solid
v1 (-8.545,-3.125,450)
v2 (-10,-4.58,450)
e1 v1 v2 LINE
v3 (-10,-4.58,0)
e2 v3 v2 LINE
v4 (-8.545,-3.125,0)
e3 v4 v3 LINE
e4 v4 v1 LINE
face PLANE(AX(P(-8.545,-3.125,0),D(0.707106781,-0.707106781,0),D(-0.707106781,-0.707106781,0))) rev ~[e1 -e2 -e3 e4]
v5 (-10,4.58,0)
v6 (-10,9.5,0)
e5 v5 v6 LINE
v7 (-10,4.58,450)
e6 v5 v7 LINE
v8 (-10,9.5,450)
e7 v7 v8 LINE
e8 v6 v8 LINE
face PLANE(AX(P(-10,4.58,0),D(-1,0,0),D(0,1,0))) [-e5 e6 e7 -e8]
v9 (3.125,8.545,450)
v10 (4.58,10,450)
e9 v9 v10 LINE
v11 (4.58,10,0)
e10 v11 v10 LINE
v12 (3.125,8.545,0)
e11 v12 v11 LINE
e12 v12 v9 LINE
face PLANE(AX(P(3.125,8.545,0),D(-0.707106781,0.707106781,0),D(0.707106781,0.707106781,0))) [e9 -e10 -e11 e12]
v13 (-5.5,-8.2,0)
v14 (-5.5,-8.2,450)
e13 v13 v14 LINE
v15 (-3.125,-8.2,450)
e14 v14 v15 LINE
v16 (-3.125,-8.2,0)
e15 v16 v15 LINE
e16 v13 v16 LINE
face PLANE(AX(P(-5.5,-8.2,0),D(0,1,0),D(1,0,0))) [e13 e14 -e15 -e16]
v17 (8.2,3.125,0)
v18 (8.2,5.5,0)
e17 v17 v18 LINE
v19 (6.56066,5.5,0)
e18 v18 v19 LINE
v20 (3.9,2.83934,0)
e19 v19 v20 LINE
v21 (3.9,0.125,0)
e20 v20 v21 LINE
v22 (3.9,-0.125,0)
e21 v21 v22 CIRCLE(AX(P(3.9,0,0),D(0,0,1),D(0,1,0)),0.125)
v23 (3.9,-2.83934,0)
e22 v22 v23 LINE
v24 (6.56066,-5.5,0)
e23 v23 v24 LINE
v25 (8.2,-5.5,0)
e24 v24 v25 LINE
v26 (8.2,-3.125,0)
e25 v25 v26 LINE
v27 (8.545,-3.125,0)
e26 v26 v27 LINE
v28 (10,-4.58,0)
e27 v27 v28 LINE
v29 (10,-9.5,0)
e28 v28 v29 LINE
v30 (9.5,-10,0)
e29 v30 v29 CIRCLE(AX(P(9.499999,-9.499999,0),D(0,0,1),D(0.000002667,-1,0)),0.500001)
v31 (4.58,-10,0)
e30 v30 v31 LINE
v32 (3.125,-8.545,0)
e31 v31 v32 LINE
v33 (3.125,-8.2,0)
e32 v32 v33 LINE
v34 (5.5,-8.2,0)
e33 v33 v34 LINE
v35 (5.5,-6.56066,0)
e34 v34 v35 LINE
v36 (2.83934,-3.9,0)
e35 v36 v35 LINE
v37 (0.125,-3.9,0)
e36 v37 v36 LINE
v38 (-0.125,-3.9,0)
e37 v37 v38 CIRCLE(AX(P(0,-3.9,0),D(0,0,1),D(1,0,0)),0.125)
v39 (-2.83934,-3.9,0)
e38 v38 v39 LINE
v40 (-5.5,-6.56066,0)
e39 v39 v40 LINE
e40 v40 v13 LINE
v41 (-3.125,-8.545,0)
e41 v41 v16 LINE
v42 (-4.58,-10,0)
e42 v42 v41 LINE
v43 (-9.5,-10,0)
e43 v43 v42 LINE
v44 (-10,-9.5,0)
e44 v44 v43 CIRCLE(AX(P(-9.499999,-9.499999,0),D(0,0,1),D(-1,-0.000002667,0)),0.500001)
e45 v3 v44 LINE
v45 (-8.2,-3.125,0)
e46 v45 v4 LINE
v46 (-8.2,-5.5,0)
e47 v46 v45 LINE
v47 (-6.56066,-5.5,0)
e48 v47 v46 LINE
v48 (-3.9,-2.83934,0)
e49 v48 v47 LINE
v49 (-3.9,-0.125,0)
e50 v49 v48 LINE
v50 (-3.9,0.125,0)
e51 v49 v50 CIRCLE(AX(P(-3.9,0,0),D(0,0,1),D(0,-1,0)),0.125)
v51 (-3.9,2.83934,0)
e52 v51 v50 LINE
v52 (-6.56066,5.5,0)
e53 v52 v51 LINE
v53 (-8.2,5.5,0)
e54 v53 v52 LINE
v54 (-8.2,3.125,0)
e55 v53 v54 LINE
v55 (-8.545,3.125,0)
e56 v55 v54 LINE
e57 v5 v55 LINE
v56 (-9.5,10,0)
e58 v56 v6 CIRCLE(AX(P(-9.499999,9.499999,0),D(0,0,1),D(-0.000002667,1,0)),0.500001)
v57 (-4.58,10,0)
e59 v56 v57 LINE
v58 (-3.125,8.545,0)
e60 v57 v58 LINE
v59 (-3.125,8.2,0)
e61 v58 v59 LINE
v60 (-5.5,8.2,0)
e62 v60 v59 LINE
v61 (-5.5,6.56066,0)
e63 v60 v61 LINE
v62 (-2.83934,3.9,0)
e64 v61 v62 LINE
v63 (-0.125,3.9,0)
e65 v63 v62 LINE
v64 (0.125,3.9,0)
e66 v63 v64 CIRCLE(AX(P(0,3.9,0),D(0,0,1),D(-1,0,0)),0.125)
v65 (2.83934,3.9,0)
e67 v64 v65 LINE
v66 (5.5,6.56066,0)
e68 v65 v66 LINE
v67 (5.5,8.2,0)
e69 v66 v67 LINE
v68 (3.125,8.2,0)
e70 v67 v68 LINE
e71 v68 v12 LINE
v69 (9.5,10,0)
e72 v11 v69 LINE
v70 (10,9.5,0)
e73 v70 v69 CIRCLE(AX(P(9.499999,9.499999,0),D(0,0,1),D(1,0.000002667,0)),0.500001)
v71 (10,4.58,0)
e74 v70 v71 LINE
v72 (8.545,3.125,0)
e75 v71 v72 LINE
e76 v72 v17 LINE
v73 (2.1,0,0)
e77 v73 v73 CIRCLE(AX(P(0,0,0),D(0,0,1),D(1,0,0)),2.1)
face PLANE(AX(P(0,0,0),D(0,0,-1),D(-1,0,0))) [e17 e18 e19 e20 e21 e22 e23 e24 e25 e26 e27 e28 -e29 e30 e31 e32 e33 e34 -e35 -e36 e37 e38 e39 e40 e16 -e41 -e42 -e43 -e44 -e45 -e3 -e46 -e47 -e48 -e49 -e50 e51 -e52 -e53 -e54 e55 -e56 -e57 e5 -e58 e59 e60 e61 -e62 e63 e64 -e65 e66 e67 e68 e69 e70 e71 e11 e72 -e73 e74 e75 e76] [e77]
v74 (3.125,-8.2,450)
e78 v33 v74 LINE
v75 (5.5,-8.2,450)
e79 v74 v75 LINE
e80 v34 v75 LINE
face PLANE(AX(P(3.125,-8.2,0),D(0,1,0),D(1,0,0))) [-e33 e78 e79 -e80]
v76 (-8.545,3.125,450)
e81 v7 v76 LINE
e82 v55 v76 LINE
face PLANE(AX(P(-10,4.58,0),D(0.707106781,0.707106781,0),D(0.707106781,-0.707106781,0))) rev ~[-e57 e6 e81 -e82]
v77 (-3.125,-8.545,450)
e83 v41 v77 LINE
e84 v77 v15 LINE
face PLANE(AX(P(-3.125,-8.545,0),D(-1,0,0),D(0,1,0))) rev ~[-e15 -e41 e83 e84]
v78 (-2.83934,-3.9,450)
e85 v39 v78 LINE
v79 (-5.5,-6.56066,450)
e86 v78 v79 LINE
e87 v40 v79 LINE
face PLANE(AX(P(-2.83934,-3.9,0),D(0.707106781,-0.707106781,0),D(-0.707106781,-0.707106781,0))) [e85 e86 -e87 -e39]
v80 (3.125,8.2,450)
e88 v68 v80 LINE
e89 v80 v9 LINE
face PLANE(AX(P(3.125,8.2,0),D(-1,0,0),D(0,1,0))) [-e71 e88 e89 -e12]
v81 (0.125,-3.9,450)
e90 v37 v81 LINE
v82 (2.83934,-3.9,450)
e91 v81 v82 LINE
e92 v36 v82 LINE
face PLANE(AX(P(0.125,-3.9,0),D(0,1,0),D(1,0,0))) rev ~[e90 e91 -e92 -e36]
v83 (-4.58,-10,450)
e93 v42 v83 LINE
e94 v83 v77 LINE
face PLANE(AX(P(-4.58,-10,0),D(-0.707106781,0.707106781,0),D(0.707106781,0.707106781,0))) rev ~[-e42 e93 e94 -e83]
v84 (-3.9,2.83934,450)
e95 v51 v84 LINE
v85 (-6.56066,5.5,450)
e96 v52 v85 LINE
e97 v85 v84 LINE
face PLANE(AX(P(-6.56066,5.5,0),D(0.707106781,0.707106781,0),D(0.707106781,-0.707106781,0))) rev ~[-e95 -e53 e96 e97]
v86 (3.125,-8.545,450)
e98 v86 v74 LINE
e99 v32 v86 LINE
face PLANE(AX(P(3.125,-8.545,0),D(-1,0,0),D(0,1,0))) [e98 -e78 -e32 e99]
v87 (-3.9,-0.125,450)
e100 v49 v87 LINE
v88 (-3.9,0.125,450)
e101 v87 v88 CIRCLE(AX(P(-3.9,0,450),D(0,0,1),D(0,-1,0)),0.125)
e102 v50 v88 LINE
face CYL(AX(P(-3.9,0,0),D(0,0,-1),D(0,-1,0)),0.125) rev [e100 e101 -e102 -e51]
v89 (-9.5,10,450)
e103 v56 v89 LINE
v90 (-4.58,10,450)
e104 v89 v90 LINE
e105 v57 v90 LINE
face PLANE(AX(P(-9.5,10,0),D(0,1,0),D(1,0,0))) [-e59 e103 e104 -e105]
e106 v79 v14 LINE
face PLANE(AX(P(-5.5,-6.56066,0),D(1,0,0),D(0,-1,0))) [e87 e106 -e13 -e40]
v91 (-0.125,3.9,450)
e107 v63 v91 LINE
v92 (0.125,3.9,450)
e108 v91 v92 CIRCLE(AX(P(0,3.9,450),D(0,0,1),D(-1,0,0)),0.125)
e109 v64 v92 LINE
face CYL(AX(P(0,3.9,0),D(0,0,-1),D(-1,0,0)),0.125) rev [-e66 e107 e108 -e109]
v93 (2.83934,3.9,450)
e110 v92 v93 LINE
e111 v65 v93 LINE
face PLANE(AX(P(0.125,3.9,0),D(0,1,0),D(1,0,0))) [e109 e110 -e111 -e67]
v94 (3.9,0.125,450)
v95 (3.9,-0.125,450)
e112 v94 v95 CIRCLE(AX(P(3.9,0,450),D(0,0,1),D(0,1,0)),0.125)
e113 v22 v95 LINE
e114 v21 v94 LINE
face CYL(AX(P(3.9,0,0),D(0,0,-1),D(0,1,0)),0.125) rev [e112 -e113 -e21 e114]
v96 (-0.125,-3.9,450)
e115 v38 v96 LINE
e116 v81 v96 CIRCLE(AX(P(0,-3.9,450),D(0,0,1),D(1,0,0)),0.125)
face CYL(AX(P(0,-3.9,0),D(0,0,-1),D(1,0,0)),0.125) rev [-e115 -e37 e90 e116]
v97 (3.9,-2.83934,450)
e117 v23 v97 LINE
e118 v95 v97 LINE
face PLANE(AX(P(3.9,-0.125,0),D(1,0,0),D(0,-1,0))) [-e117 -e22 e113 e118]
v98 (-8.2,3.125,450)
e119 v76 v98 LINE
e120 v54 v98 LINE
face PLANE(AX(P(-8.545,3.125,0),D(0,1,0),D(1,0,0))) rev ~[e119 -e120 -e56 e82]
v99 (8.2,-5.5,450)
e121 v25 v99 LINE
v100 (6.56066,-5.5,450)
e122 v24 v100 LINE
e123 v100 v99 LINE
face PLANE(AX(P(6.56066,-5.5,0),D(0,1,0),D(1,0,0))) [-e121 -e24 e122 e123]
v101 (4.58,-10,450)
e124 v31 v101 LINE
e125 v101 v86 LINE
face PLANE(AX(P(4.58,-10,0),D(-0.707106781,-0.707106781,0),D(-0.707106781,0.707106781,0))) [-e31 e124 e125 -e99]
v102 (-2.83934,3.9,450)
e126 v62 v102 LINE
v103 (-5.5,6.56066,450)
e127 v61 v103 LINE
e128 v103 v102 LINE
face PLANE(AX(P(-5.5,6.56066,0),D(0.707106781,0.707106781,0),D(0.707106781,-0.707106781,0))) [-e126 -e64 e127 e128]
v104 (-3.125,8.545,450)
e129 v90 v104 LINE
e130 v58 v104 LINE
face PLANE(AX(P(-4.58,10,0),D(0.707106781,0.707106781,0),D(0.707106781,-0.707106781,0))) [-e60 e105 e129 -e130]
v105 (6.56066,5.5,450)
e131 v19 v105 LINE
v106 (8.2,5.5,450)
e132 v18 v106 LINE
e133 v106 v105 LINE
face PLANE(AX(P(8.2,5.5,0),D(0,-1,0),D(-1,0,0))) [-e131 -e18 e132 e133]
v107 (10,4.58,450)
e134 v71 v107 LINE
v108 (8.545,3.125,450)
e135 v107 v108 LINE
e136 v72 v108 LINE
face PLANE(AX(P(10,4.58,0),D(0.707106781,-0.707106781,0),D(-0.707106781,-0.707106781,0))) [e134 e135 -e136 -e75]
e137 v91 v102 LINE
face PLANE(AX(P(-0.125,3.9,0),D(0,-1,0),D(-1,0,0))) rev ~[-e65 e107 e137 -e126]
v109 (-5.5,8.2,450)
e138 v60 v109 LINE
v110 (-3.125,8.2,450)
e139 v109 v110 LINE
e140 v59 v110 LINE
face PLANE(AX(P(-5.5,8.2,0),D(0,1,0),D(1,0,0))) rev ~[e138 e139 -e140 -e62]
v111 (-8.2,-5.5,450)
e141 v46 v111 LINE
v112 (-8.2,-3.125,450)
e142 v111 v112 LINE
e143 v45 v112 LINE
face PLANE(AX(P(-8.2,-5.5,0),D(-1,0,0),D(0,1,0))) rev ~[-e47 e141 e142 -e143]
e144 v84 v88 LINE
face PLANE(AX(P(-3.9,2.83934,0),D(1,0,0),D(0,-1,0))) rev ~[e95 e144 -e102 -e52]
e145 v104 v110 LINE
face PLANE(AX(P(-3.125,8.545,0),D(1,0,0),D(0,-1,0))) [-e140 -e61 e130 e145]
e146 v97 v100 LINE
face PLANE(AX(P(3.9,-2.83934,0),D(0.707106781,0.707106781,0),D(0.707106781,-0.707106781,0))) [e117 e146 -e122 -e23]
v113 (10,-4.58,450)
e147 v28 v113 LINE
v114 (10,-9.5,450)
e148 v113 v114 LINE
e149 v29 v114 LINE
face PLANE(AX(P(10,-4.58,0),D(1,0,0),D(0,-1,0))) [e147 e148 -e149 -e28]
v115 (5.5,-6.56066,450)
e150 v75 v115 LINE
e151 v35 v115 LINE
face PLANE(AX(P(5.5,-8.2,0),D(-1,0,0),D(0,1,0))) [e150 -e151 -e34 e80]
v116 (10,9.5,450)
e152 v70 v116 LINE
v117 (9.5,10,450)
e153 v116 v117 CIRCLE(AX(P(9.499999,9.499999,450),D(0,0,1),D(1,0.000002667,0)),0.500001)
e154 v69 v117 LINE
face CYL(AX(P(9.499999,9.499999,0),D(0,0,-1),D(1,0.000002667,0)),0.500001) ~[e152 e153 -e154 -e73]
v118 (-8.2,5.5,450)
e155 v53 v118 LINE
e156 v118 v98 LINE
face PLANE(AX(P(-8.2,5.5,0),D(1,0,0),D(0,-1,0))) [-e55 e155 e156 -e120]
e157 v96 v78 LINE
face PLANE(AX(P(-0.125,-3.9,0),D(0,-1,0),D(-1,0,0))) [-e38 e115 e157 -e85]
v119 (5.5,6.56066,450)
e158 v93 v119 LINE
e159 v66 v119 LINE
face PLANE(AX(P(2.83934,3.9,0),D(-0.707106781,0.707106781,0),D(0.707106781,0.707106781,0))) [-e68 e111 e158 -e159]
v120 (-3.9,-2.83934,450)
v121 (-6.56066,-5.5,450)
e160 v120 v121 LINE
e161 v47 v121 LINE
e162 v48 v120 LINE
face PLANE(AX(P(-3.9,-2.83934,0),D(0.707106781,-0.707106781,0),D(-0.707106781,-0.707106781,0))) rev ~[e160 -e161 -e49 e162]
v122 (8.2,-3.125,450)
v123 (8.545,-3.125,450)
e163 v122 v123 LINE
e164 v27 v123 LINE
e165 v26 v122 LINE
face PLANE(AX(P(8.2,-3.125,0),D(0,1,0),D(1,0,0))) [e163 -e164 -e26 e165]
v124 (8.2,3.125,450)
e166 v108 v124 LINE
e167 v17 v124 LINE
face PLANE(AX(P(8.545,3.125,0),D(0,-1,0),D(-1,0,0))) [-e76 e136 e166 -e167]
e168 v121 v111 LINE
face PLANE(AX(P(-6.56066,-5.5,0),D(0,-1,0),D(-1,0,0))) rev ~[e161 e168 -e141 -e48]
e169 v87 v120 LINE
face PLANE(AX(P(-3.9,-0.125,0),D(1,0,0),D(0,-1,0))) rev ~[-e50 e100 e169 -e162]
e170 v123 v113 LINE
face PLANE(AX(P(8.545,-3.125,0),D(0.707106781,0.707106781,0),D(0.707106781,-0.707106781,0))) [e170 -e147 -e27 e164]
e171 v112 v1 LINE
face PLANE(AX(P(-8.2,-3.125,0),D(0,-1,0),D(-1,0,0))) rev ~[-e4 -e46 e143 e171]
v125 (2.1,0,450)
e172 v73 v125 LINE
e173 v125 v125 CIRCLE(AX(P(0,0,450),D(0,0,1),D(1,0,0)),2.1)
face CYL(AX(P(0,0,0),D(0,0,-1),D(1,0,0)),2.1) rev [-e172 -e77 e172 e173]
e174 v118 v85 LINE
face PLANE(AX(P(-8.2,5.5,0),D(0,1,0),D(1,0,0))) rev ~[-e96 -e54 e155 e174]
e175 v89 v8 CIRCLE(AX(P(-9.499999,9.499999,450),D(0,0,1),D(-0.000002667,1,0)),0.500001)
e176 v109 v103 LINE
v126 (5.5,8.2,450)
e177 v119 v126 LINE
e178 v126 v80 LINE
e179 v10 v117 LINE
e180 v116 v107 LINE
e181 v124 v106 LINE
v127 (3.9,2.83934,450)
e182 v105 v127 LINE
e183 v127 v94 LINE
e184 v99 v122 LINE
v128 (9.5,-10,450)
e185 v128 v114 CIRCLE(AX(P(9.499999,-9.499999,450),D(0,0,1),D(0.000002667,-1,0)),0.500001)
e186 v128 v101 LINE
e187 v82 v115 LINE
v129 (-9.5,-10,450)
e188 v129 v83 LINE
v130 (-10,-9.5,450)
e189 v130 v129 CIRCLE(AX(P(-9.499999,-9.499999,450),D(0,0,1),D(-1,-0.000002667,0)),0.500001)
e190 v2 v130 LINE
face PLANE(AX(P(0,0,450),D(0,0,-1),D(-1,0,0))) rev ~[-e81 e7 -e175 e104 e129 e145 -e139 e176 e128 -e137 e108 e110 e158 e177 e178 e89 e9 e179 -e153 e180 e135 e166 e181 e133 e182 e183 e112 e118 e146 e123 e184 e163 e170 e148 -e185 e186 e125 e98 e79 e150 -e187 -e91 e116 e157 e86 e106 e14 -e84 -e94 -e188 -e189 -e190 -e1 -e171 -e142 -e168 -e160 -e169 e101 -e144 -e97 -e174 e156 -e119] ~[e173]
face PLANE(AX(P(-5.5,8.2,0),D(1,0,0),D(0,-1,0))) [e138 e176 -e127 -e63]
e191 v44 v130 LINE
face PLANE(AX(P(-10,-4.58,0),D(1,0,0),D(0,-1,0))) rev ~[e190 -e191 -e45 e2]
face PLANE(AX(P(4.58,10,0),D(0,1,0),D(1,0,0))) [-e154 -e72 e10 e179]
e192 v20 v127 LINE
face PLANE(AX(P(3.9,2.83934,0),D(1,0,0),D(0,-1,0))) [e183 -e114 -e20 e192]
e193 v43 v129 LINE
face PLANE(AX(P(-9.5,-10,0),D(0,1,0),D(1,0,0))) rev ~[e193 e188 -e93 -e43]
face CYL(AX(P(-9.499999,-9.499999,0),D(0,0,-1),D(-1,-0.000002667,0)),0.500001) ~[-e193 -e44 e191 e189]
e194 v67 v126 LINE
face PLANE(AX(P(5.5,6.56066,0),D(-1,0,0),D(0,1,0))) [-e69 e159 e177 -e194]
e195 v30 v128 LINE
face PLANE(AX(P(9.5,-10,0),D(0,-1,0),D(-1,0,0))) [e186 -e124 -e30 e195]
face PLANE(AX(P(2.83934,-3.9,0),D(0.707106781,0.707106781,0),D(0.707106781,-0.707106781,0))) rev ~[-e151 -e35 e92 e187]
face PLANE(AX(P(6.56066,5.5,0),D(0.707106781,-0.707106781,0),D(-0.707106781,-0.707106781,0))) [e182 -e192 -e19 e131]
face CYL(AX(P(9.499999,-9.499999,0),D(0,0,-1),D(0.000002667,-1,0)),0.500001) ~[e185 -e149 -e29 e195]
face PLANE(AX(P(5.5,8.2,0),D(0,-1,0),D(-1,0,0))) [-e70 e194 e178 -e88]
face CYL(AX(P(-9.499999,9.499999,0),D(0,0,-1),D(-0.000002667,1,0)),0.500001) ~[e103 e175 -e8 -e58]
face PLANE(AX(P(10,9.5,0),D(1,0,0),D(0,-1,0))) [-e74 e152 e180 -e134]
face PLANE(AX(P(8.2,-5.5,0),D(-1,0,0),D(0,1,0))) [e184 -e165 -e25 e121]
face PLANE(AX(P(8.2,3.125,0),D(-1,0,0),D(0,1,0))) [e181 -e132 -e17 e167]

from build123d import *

# Parameters (mm, degrees)
SKETCH_R  = 2.1
PAD_DEPTH = 450


with BuildPart() as part:
    # Sketch → Pad (new body)
    with BuildSketch(Plane.XY):
        with BuildLine():
            Line((-10, 4.58), (-10, 9.5))
            ThreePointArc((-9.5, 10), (-9.853553, 9.853553), (-10, 9.5))
            Line((-9.5, 10), (-4.58, 10))
            Line((-4.58, 10), (-3.125, 8.545))
            Line((-3.125, 8.545), (-3.125, 8.2))
            Line((-5.5, 8.2), (-3.125, 8.2))
            Line((-5.5, 8.2), (-5.5, 6.56066))
            Line((-5.5, 6.56066), (-2.83934, 3.9))
            Line((-0.125, 3.9), (-2.83934, 3.9))
            ThreePointArc((-0.125, 3.9), (0, 3.775), (0.125, 3.9))
            Line((0.125, 3.9), (2.83934, 3.9))
            Line((2.83934, 3.9), (5.5, 6.56066))
            Line((5.5, 6.56066), (5.5, 8.2))
            Line((5.5, 8.2), (3.125, 8.2))
            Line((3.125, 8.2), (3.125, 8.545))
            Line((3.125, 8.545), (4.58, 10))
            Line((4.58, 10), (9.5, 10))
            ThreePointArc((10, 9.5), (9.853553, 9.853553), (9.5, 10))
            Line((10, 9.5), (10, 4.58))
            Line((10, 4.58), (8.545, 3.125))
            Line((8.545, 3.125), (8.2, 3.125))
            Line((8.2, 3.125), (8.2, 5.5))
            Line((8.2, 5.5), (6.56066, 5.5))
            Line((6.56066, 5.5), (3.9, 2.83934))
            Line((3.9, 2.83934), (3.9, 0.125))
            ThreePointArc((3.9, 0.125), (3.775, 0), (3.9, -0.125))
            Line((3.9, -0.125), (3.9, -2.83934))
            Line((3.9, -2.83934), (6.56066, -5.5))
            Line((6.56066, -5.5), (8.2, -5.5))
            Line((8.2, -5.5), (8.2, -3.125))
            Line((8.2, -3.125), (8.545, -3.125))
            Line((8.545, -3.125), (10, -4.58))
            Line((10, -4.58), (10, -9.5))
            ThreePointArc((9.5, -10), (9.853553, -9.853553), (10, -9.5))
            Line((9.5, -10), (4.58, -10))
            Line((4.58, -10), (3.125, -8.545))
            Line((3.125, -8.545), (3.125, -8.2))
            Line((3.125, -8.2), (5.5, -8.2))
            Line((5.5, -8.2), (5.5, -6.56066))
            Line((2.83934, -3.9), (5.5, -6.56066))
            Line((0.125, -3.9), (2.83934, -3.9))
            ThreePointArc((0.125, -3.9), (0, -3.775), (-0.125, -3.9))
            Line((-0.125, -3.9), (-2.83934, -3.9))
            Line((-2.83934, -3.9), (-5.5, -6.56066))
            Line((-5.5, -6.56066), (-5.5, -8.2))
            Line((-5.5, -8.2), (-3.125, -8.2))
            Line((-3.125, -8.545), (-3.125, -8.2))
            Line((-4.58, -10), (-3.125, -8.545))
            Line((-9.5, -10), (-4.58, -10))
            ThreePointArc((-10, -9.5), (-9.853553, -9.853553), (-9.5, -10))
            Line((-10, -4.58), (-10, -9.5))
            Line((-8.545, -3.125), (-10, -4.58))
            Line((-8.2, -3.125), (-8.545, -3.125))
            Line((-8.2, -5.5), (-8.2, -3.125))
            Line((-6.56066, -5.5), (-8.2, -5.5))
            Line((-3.9, -2.83934), (-6.56066, -5.5))
            Line((-3.9, -0.125), (-3.9, -2.83934))
            ThreePointArc((-3.9, -0.125), (-3.775, 0), (-3.9, 0.125))
            Line((-3.9, 2.83934), (-3.9, 0.125))
            Line((-6.56066, 5.5), (-3.9, 2.83934))
            Line((-8.2, 5.5), (-6.56066, 5.5))
            Line((-8.2, 5.5), (-8.2, 3.125))
            Line((-8.545, 3.125), (-8.2, 3.125))
            Line((-10, 4.58), (-8.545, 3.125))
        make_face()
        Circle(SKETCH_R, mode=Mode.SUBTRACT)
    extrude(amount=PAD_DEPTH)


solid = part.part
